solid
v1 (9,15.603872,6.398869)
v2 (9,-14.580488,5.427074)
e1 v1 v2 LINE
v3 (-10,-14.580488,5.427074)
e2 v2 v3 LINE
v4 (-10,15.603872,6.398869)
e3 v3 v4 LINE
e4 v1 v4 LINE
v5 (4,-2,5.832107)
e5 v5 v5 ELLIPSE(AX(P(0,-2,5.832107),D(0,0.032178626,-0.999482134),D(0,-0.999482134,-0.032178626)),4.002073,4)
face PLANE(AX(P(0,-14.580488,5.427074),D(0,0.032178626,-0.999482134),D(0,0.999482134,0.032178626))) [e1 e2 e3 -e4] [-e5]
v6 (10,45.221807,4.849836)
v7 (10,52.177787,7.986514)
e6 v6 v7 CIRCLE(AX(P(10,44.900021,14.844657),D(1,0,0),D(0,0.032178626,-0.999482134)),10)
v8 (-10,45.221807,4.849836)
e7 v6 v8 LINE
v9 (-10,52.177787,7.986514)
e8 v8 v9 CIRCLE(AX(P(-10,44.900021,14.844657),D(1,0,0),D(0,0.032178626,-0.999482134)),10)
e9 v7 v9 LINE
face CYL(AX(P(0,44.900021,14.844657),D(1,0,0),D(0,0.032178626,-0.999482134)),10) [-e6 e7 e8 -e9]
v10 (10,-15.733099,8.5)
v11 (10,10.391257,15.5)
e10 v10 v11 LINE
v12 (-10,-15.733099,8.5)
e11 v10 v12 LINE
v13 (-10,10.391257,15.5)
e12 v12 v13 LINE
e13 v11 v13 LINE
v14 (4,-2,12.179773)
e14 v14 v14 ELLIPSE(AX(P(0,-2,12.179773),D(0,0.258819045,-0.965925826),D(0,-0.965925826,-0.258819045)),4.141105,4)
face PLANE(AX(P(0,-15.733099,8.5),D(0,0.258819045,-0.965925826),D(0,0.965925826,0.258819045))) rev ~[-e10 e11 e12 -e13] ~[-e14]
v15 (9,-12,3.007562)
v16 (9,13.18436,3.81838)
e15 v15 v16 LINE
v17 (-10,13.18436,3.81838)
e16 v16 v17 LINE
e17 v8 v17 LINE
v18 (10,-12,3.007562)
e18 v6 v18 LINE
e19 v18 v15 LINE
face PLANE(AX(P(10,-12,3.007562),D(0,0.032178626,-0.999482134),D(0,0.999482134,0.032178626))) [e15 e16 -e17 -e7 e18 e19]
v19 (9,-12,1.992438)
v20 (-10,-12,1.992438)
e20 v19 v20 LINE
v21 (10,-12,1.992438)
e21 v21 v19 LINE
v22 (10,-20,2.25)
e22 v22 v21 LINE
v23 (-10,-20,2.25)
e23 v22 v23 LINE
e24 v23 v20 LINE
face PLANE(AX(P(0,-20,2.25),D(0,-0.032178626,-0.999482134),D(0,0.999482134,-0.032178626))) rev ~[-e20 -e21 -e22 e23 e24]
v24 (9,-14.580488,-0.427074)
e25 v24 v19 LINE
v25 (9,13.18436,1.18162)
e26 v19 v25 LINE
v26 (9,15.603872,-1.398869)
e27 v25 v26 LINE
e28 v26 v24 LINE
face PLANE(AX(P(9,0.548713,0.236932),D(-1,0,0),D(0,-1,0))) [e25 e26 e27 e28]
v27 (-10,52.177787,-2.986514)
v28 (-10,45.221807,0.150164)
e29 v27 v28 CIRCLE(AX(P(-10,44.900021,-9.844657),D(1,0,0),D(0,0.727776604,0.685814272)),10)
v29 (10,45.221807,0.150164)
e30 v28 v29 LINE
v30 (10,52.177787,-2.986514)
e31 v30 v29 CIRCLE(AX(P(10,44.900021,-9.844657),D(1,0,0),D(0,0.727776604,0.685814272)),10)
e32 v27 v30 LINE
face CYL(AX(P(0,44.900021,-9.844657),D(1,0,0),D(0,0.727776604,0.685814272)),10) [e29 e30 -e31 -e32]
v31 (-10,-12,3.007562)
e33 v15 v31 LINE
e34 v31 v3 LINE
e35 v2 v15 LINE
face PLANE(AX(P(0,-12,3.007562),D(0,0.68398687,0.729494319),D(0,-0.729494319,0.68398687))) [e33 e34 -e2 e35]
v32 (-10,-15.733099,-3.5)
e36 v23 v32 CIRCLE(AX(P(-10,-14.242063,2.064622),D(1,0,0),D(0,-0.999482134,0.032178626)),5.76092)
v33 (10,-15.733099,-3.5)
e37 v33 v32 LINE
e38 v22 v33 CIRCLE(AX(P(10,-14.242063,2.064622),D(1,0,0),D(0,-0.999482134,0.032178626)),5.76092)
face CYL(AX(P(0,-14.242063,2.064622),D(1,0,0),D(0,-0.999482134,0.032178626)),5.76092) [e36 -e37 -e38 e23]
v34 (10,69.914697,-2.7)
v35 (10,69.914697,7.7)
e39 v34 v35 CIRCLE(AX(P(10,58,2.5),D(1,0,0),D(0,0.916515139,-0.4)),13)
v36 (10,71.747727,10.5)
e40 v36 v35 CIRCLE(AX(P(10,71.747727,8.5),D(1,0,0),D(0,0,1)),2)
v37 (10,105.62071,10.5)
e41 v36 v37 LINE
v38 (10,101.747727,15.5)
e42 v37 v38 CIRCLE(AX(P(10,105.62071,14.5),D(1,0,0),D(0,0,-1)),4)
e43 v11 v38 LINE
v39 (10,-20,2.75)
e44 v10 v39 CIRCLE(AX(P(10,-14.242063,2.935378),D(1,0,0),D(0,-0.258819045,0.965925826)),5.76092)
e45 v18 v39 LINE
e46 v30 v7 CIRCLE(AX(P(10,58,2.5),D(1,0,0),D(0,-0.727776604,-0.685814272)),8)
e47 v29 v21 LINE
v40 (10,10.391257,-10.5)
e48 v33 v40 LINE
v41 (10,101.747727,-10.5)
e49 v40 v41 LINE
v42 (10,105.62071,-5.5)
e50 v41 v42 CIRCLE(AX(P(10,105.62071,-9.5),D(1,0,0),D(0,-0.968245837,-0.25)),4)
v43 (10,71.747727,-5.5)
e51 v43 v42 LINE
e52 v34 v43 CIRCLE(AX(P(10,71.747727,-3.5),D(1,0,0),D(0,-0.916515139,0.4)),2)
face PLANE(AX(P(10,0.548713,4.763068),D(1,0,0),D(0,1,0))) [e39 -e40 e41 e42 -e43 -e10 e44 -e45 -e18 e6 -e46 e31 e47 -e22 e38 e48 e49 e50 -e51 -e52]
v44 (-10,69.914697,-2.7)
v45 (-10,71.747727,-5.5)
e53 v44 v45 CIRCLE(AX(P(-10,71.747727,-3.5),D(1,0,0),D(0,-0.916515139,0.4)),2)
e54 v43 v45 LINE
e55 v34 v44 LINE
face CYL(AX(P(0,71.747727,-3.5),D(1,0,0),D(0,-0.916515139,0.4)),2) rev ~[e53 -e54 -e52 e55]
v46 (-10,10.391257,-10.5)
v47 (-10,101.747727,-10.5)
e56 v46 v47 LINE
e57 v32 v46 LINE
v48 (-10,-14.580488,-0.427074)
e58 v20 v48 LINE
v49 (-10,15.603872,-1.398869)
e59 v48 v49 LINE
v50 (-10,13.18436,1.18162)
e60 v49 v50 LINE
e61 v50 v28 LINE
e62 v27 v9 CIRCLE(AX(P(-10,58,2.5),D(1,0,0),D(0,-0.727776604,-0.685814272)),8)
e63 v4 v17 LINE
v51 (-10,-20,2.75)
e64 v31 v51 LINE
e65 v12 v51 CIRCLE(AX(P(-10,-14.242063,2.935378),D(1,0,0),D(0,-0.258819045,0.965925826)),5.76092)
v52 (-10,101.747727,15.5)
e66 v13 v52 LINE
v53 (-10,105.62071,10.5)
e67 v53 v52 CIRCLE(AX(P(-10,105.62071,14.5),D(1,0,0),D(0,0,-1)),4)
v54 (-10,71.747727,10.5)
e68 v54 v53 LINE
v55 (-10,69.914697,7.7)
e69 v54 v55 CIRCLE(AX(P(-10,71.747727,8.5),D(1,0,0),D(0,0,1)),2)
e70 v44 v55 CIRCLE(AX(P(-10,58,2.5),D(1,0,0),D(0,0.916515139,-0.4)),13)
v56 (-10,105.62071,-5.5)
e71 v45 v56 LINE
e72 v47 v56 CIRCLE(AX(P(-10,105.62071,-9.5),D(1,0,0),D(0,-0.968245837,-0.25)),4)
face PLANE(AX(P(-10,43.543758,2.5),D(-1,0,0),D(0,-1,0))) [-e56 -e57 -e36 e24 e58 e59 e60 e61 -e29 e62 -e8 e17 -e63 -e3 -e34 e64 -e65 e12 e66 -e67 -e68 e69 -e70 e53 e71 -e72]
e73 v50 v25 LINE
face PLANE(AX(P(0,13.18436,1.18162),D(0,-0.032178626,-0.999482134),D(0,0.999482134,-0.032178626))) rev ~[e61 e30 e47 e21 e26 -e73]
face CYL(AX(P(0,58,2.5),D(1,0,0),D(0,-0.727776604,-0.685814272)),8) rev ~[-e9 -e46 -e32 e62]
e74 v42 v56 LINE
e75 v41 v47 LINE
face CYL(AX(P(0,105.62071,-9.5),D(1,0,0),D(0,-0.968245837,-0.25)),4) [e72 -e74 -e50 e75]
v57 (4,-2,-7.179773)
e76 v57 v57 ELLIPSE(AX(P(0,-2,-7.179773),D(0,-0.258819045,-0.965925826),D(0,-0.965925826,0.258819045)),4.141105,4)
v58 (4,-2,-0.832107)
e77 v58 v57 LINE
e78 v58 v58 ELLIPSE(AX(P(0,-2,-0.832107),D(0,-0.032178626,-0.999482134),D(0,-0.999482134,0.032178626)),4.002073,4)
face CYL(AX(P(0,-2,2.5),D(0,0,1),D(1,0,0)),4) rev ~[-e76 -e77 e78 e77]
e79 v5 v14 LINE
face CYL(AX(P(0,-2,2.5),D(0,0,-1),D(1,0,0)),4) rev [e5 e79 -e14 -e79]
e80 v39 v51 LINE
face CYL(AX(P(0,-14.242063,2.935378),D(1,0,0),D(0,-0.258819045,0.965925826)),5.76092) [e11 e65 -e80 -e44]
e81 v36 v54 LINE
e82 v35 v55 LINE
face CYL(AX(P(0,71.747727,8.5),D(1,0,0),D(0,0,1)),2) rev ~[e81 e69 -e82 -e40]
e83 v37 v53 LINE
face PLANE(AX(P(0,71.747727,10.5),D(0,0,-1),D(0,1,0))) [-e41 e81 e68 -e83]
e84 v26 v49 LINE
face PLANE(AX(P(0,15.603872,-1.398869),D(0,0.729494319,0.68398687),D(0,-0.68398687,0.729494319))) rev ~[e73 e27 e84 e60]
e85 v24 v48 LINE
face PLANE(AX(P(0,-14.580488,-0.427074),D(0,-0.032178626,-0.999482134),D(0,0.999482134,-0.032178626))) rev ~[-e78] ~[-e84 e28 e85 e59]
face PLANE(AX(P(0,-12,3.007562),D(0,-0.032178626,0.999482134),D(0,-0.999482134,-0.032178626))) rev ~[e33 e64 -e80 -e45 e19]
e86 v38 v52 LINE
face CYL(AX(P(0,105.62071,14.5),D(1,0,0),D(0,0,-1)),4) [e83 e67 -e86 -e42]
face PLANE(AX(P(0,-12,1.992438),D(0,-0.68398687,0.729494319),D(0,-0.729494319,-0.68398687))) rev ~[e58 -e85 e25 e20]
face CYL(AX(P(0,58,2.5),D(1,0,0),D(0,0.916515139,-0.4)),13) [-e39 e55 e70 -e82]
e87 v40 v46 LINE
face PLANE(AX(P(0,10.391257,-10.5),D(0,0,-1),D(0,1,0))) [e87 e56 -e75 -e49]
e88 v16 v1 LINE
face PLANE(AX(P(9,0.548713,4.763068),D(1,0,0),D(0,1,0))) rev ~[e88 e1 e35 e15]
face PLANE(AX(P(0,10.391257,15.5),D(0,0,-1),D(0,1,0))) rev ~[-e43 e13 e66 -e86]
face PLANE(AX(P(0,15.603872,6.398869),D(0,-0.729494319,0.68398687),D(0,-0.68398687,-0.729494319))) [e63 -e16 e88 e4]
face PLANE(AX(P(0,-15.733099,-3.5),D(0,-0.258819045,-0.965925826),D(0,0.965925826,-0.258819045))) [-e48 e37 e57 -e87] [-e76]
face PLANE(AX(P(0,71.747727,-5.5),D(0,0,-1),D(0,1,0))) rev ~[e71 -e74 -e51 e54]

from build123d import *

# Parameters (mm, degrees)
PAD030_DEPTH         = 10
PAD041_DEPTH         = 1
SKETCH081_R          = 4
POCKET023_DEPTH      = 16.001
POCKET023_DEPTH_BACK = 16.001


with BuildPart() as part:
    # Sketch066 → Pad030 (new body, symmetric)
    with BuildSketch(Plane.YZ):
        with BuildLine():
            ThreePointArc((54.1777871717, -5.4865141741), (68, 0), (54.1777871717, 5.4865141741))
            ThreePointArc((47.2218073921, 2.3498355523), (51.010737248, 3.2286263383), (54.1777871717, 5.4865141741))
            Line((47.2218073921, 2.3498355523), (15.1843604449, 1.3183803873))
            Line((17.6038721988, 3.8988686334), (15.1843604449, 1.3183803873))
            Line((-12.580488246, 2.9270741413), (17.6038721988, 3.8988686334))
            Line((-10, 0.5075623873), (-12.580488246, 2.9270741413))
            Line((-10, 0.5075623873), (-18, 0.25))
            ThreePointArc((-13.7330991232, 6), (-16.8683496754, 3.8684055277), (-18, 0.25))
            Line((-13.7330991232, 6), (12.3912565298, 13))
            Line((12.3912565298, 13), (103.7477270849, 13))
            ThreePointArc((107.6207104311, 8), (110.7829880912, 14.4494897428), (103.7477270849, 13))
            Line((73.7477270849, 8), (107.6207104311, 8))
            ThreePointArc((73.7477270849, 8), (72.0744070318, 7.095445115), (71.9146968069, 5.2))
            ThreePointArc((71.9146968069, -5.2), (73, 0), (71.9146968069, 5.2))
            ThreePointArc((71.9146968069, -5.2), (72.0744070318, -7.095445115), (73.7477270849, -8))
            Line((73.7477270849, -8), (107.6207104311, -8))
            ThreePointArc((103.7477270849, -13), (110.7829880912, -14.4494897428), (107.6207104311, -8))
            Line((12.3912565298, -13), (103.7477270849, -13))
            Line((-13.7330991232, -6), (12.3912565298, -13))
            ThreePointArc((-18, -0.25), (-16.8683496754, -3.8684055277), (-13.7330991232, -6))
            Line((-18, -0.25), (-10, -0.5075623873))
            Line((-10, -0.5075623873), (-12.580488246, -2.9270741413))
            Line((-12.580488246, -2.9270741413), (17.6038721988, -3.8988686334))
            Line((17.6038721988, -3.8988686334), (15.1843604449, -1.3183803873))
            Line((15.1843604449, -1.3183803873), (47.2218073921, -2.3498355523))
            ThreePointArc((54.1777871717, -5.4865141741), (51.010737248, -3.2286263383), (47.2218073921, -2.3498355523))
        make_face()
    extrude(amount=PAD030_DEPTH, both=True)

    # Sketch082 (on Face28 of Pad030) → Pad041 (join)
    with BuildSketch(Plane.YZ.offset(10)):
        Polygon((-12.580488246, 2.9270741413), (-10, 0.5075623873), (15.1843604449, 1.3183803873), (17.6038721988, 3.8988686334), align=None)
        Polygon((-10, -0.5075623873), (15.1843604449, -1.3183803873), (17.6038721988, -3.8988686334), (-12.580488246, -2.9270741413), align=None)
    extrude(amount=-PAD041_DEPTH)

    # Sketch081 → Pocket023 (cut, two sides)
    with BuildSketch(Plane.XY) as pocket023_sk:
        Circle(SKETCH081_R)
    extrude(amount=-POCKET023_DEPTH, mode=Mode.SUBTRACT)
    extrude(pocket023_sk.sketch, amount=POCKET023_DEPTH_BACK, mode=Mode.SUBTRACT)


with BuildPart() as part_1:
    # Body021 placement: moved
    add(part.part.moved(Location((0, -2, 2.5))))


solid = part_1.part
